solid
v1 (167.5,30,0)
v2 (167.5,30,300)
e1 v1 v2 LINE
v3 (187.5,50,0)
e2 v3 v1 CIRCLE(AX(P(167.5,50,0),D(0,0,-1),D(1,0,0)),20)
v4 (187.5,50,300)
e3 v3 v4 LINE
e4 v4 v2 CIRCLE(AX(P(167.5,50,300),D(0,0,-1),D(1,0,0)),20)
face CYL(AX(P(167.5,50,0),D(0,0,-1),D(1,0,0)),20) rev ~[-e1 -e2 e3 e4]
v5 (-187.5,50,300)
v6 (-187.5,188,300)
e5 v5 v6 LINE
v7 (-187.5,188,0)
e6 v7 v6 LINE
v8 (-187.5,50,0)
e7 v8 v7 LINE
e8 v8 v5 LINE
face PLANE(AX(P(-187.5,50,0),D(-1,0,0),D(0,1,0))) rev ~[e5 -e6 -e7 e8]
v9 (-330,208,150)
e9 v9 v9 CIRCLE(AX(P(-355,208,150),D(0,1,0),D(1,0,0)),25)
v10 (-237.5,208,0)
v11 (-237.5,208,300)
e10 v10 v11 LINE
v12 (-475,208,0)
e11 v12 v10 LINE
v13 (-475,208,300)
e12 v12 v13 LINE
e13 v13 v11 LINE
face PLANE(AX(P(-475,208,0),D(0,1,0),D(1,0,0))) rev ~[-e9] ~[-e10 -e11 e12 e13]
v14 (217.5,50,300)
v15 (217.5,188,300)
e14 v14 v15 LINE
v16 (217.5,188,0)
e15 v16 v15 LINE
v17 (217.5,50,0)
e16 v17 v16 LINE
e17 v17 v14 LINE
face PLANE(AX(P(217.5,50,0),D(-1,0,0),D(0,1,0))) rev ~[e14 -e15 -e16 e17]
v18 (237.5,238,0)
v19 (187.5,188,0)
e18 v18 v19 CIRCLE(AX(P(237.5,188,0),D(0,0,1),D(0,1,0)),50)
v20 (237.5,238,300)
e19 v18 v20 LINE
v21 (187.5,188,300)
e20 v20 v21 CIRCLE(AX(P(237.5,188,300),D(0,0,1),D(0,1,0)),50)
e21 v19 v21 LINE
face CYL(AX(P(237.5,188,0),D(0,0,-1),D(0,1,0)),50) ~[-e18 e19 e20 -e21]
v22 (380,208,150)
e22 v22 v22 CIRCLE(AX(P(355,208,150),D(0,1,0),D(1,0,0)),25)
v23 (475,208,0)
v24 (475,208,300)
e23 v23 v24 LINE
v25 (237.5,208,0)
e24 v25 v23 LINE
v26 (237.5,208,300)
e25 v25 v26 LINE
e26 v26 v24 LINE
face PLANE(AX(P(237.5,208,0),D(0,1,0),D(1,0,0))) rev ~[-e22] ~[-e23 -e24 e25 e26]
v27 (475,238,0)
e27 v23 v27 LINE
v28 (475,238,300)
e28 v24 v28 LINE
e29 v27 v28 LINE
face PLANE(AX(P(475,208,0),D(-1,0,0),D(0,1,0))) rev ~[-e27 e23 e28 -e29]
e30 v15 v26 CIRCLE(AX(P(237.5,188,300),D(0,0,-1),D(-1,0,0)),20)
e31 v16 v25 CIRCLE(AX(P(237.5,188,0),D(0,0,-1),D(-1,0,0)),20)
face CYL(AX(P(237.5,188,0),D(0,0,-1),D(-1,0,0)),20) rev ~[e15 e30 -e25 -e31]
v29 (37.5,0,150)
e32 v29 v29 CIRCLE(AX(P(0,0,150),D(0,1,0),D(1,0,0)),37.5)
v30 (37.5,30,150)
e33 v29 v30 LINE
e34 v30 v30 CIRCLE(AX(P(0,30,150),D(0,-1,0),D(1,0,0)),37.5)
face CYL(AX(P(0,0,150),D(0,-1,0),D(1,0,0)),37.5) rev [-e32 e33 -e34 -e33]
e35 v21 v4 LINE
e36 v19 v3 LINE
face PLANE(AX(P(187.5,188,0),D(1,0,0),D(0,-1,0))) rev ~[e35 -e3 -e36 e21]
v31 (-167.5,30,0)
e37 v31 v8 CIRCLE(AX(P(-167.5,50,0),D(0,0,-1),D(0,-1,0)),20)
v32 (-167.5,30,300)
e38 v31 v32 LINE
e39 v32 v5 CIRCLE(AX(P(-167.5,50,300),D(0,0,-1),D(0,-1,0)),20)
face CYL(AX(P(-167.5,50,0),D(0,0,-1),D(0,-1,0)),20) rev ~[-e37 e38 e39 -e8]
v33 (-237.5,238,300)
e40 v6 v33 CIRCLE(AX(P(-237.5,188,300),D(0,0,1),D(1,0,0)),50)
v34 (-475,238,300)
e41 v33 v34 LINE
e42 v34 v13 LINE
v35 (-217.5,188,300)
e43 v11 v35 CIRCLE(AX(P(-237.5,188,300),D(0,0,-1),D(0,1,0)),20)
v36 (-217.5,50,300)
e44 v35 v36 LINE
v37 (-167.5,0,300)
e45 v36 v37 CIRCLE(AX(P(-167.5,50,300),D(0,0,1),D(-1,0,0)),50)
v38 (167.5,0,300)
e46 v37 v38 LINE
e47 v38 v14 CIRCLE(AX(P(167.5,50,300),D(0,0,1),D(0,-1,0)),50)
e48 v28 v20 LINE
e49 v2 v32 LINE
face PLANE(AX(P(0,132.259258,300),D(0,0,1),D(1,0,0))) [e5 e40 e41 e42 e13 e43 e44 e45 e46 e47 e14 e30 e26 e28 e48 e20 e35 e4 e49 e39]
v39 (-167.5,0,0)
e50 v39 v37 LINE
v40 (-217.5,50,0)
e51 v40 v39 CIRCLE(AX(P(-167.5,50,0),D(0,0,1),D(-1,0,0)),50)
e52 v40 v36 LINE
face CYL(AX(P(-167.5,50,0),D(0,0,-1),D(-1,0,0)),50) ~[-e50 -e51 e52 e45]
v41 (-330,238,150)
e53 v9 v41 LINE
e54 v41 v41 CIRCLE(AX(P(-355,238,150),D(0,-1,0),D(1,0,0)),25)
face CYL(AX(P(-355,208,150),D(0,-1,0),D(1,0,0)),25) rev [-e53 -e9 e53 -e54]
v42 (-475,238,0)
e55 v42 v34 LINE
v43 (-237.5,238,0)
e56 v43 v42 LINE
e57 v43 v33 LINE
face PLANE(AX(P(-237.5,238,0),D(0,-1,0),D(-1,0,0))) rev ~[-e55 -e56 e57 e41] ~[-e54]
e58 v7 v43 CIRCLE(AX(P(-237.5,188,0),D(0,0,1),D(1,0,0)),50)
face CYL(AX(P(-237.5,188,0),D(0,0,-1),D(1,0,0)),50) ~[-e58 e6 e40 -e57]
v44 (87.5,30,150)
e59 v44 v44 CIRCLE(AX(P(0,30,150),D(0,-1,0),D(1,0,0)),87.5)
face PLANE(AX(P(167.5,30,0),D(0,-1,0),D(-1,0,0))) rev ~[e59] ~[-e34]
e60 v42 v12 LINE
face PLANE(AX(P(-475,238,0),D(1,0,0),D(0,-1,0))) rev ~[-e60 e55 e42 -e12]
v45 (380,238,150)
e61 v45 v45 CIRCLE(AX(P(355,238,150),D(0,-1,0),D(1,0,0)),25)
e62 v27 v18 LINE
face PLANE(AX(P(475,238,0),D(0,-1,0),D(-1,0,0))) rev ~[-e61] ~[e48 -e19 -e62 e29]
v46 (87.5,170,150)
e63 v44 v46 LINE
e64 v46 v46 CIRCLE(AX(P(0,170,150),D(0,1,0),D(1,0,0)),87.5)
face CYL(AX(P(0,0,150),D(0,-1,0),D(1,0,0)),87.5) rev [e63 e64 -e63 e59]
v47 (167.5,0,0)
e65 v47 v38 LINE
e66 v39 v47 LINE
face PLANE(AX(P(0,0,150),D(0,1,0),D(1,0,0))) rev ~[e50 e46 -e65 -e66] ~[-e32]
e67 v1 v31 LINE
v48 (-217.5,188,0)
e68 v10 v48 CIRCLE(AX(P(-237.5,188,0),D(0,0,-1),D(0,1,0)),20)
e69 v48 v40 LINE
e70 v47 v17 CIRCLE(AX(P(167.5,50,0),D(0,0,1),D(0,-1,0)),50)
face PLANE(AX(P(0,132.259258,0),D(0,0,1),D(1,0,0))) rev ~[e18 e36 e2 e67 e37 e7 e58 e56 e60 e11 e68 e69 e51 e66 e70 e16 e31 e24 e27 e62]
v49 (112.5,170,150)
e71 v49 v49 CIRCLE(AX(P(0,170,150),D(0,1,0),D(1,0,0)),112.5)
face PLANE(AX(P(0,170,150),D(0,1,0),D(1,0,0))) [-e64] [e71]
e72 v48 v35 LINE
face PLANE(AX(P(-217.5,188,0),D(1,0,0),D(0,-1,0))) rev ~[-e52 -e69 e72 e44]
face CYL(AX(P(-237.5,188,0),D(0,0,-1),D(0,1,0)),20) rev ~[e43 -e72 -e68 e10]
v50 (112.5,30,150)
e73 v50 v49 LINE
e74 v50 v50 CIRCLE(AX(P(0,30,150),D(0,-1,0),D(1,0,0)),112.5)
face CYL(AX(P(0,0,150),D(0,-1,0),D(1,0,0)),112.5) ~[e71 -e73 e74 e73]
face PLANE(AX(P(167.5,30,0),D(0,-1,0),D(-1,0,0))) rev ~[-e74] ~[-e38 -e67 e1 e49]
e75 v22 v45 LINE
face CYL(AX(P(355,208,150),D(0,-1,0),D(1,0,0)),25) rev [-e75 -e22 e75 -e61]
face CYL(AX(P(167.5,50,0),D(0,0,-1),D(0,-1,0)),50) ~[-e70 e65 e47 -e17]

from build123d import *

# Parameters (mm, degrees)
BOSS_EXTRUDE1_DEPTH = 300
SKETCH2_R           = 112.5
SKETCH2_R_2         = 87.5
BOSS_EXTRUDE2_DEPTH = 170
SKETCH3_R           = 37.5
CUT_EXTRUDE3_DEPTH  = 239
CUT_EXTRUDE4_START  = 208
SKETCH5_R           = 25
CUT_EXTRUDE4_DEPTH  = 31


with BuildPart() as part:
    # Sketch1 → Boss-Extrude1 (new body)
    with BuildSketch(Plane.XY):
        with BuildLine():
            Line((-167.5, 0), (167.5, 0))
            ThreePointArc((167.5, 0), (202.855339059, 14.644660941), (217.5, 50))
            Line((217.5, 50), (217.5, 188))
            ThreePointArc((217.5, 188), (223.357864376, 202.142135624), (237.5, 208))
            Line((237.5, 208), (475, 208))
            Line((475, 208), (475, 238))
            Line((475, 238), (237.5, 238))
            ThreePointArc((237.5, 238), (202.144660941, 223.355339059), (187.5, 188))
            Line((187.5, 188), (187.5, 50))
            ThreePointArc((187.5, 50), (181.642135624, 35.857864376), (167.5, 30))
            Line((167.5, 30), (-167.5, 30))
            ThreePointArc((-167.5, 30), (-181.642135624, 35.857864376), (-187.5, 50))
            Line((-187.5, 50), (-187.5, 188))
            ThreePointArc((-187.5, 188), (-202.144660941, 223.355339059), (-237.5, 238))
            Line((-237.5, 238), (-475, 238))
            Line((-475, 238), (-475, 208))
            Line((-475, 208), (-237.5, 208))
            ThreePointArc((-237.5, 208), (-223.357864376, 202.142135624), (-217.5, 188))
            Line((-217.5, 188), (-217.5, 50))
            ThreePointArc((-217.5, 50), (-202.855339059, 14.644660941), (-167.5, 0))
        make_face()
    extrude(amount=BOSS_EXTRUDE1_DEPTH)

    # Sketch2 → Boss-Extrude2 (add)
    with BuildSketch(Plane(origin=(0, 0, 0), x_dir=(1, 0, 0), z_dir=(0, 1, 0))):
        with Locations((0, -150)):
            Circle(SKETCH2_R)
        with Locations((0, -150)):
            Circle(SKETCH2_R_2, mode=Mode.SUBTRACT)
    extrude(amount=BOSS_EXTRUDE2_DEPTH)

    # Sketch3 → Cut-Extrude3 (cut, through all)
    with BuildSketch(Plane(origin=(0, 0, 0), x_dir=(1, 0, 0), z_dir=(0, 1, 0))):
        with Locations((0, -150)):
            Circle(SKETCH3_R)
    extrude(amount=CUT_EXTRUDE3_DEPTH, mode=Mode.SUBTRACT)

    # Sketch5 → Cut-Extrude4 (cut, through all)
    with BuildSketch(Plane(origin=(0, 0, 0), x_dir=(1, 0, 0), z_dir=(0, 1, 0)).offset(CUT_EXTRUDE4_START)):
        with Locations((-355, -150)):
            Circle(SKETCH5_R)
        with Locations((355, -150)):
            Circle(SKETCH5_R)
    extrude(amount=CUT_EXTRUDE4_DEPTH, mode=Mode.SUBTRACT)


solid = part.part
